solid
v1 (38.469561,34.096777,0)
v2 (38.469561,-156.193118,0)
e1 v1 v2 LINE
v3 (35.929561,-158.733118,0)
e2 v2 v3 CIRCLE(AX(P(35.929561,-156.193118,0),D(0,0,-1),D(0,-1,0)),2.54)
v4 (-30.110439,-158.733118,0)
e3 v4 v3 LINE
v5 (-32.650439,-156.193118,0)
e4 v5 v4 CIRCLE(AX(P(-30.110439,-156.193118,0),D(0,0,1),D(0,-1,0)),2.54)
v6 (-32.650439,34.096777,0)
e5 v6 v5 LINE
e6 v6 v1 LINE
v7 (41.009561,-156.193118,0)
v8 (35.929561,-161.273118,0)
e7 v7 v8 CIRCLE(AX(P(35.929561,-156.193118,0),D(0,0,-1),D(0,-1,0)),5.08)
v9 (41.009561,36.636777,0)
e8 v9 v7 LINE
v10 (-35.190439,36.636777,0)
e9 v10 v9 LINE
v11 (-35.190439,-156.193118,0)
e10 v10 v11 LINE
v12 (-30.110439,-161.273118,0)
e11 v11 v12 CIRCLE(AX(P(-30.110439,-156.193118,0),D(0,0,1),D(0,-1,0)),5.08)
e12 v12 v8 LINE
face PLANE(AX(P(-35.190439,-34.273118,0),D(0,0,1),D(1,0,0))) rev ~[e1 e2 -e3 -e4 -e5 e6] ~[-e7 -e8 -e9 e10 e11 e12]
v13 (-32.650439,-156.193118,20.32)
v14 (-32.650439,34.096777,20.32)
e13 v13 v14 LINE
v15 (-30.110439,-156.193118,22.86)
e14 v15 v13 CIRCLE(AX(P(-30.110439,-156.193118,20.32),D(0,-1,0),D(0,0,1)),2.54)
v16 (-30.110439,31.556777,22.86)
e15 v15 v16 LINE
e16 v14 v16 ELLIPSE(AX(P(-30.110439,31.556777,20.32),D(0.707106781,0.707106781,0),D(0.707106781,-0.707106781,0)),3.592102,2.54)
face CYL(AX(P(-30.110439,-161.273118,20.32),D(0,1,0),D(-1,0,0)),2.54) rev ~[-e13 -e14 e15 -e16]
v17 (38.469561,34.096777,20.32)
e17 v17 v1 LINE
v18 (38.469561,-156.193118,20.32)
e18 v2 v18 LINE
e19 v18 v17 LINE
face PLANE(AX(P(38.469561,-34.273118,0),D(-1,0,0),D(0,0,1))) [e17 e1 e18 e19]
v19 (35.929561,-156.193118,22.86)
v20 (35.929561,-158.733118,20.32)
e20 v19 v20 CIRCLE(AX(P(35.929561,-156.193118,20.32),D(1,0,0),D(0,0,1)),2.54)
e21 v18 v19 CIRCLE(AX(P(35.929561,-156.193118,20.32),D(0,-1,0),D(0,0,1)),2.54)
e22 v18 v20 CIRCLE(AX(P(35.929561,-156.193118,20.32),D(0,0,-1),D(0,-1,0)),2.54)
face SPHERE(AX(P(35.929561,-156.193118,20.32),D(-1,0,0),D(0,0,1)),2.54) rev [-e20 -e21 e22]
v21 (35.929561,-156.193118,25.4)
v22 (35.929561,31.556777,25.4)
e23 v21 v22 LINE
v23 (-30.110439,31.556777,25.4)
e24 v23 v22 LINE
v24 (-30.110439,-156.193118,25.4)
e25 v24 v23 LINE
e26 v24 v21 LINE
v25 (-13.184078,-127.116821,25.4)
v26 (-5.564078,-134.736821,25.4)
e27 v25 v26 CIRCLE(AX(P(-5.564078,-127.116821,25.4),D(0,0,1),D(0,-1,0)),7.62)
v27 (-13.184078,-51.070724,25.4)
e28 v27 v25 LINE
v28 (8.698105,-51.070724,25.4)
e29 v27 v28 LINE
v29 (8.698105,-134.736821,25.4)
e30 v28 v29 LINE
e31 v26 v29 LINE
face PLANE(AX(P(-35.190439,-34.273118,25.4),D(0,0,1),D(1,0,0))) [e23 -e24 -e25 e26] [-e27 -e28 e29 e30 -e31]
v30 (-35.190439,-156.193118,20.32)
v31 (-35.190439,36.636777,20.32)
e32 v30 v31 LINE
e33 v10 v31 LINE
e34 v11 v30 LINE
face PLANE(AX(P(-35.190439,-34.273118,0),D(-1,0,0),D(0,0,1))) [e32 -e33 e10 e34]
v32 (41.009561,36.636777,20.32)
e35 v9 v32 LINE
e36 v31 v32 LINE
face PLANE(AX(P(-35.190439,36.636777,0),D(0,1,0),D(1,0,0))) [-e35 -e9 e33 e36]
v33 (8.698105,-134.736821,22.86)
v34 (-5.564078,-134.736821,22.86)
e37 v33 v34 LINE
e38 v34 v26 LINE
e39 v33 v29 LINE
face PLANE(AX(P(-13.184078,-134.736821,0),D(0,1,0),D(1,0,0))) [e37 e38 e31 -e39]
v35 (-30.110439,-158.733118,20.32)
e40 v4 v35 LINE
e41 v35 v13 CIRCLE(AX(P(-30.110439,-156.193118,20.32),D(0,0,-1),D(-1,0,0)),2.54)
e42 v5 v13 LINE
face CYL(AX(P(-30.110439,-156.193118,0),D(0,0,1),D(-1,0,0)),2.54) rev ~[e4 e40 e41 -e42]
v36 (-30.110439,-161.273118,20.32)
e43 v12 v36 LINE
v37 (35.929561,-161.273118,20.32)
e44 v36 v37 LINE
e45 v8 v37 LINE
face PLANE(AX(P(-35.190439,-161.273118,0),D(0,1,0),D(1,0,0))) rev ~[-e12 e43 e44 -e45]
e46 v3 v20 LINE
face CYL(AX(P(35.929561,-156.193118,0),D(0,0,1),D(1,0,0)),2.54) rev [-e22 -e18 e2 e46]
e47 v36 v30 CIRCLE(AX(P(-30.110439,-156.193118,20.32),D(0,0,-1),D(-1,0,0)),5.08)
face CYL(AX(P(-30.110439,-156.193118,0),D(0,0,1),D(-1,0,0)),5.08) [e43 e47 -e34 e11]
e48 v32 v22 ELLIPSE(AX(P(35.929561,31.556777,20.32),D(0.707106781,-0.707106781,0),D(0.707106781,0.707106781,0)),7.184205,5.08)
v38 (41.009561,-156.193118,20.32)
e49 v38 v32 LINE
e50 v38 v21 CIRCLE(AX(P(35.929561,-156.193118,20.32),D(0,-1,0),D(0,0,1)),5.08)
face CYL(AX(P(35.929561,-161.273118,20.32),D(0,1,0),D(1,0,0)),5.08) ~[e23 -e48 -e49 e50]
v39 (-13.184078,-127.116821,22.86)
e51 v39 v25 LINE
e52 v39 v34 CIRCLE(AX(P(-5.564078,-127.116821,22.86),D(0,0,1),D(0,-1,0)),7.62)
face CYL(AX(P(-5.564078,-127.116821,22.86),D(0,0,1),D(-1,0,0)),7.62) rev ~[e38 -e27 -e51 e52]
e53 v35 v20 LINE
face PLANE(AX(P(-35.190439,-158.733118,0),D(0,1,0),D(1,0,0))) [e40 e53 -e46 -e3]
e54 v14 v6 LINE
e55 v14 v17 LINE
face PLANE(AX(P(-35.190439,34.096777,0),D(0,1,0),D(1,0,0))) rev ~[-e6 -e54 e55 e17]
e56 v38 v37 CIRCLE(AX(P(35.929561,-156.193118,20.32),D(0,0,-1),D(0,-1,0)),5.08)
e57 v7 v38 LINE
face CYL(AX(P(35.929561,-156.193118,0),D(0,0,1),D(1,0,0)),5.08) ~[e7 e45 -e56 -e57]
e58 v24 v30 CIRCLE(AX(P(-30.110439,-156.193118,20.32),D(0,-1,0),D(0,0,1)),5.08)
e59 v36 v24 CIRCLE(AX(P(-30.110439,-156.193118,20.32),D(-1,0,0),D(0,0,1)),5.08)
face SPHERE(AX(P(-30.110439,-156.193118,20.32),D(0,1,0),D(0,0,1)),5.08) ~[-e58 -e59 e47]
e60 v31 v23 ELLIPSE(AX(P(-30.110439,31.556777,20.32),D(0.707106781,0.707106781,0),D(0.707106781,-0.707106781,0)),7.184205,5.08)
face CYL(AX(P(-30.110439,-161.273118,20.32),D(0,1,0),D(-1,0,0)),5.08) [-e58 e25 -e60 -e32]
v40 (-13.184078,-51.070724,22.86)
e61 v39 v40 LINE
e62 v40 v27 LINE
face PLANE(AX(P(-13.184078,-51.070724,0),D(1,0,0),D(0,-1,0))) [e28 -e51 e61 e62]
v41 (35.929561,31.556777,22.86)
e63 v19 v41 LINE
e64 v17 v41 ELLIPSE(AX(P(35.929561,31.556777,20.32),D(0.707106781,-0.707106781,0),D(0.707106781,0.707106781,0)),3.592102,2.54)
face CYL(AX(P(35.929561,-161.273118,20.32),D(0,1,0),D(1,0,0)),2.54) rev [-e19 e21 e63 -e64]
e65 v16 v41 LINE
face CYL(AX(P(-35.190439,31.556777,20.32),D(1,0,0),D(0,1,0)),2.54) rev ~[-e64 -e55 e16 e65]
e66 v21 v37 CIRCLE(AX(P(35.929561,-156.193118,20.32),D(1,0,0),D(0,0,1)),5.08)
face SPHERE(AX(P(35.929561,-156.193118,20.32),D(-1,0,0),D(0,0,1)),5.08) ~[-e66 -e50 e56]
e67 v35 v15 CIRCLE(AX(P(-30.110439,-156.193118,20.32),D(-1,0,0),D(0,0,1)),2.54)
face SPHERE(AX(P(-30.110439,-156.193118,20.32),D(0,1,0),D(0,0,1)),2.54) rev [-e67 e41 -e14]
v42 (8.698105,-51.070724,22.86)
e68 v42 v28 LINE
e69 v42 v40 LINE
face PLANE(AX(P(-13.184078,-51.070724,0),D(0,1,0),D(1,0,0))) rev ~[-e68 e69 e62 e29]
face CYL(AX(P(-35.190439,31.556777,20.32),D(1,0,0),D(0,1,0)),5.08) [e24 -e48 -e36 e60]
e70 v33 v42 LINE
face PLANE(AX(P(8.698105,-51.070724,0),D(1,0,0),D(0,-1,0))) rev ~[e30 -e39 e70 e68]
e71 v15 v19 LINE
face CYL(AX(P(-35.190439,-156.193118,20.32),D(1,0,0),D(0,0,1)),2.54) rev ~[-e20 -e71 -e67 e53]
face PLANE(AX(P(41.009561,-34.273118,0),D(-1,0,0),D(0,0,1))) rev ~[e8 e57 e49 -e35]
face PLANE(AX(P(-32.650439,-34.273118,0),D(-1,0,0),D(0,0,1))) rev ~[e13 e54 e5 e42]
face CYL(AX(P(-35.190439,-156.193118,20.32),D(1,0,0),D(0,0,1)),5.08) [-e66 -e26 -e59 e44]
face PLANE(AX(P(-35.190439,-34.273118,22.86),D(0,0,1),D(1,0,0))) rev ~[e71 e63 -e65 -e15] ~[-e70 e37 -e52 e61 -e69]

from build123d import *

# Parameters (mm, degrees)
F0_W     = 76.2
F0_H     = 70.9098950028
F1_DEPTH = 25.4
F2_DEPTH = 127
F3_R     = 5.08
F5_T     = -2.54
F4_W     = 21.8821829185
F4_H     = 83.6660973728
F6_DEPTH = 25.4
F7_R     = 7.62


with BuildPart() as f1:
    # F0 (on Top) → F1 (new body)
    with BuildSketch(Plane.XY):
        with Locations((2.9095611587, 1.1818297207)):
            Rectangle(F0_W, F0_H)
    extrude(amount=F1_DEPTH)

    # F2 (add): a face of the model
    f2_faces = [f1.faces().sort_by_distance(p)[0] for p in [
        (2.9095611587, -34.2731177807, 12.7),
    ]]
    extrude(f2_faces, amount=F2_DEPTH)

    # F3
    f3_edges = [f1.edges().sort_by_distance(p)[0] for p in [
        (2.909561, 36.636777, 25.4),
        (-35.190439, -62.31817, 25.4),
        (2.909561, -161.273118, 25.4),
        (41.009561, -62.31817, 25.4),
        (41.009561, -161.273118, 12.7),
        (-35.190439, -161.273118, 12.7),
    ]]
    fillet(f3_edges, radius=F3_R)

    # F5
    f5_openings = [f1.faces().sort_by_distance(p)[0] for p in [
        (2.909561, -62.246272, 0),
    ]]
    offset(amount=F5_T, openings=f5_openings)

    # F4 (on face) → F6 (cut)
    with BuildSketch(Plane(origin=(0, 0, 0), x_dir=(1, 0, 0), z_dir=(0, 0, -1))):
        with Locations((-2.2429865785, 92.903772369)):
            Rectangle(F4_W, F4_H)
    extrude(amount=-F6_DEPTH, mode=Mode.SUBTRACT)

    # F7
    f7_edges = [f1.edges().sort_by_distance(p)[0] for p in [
        (-13.184078, -134.736821, 24.13),
    ]]
    fillet(f7_edges, radius=F7_R)


solid = f1.part
